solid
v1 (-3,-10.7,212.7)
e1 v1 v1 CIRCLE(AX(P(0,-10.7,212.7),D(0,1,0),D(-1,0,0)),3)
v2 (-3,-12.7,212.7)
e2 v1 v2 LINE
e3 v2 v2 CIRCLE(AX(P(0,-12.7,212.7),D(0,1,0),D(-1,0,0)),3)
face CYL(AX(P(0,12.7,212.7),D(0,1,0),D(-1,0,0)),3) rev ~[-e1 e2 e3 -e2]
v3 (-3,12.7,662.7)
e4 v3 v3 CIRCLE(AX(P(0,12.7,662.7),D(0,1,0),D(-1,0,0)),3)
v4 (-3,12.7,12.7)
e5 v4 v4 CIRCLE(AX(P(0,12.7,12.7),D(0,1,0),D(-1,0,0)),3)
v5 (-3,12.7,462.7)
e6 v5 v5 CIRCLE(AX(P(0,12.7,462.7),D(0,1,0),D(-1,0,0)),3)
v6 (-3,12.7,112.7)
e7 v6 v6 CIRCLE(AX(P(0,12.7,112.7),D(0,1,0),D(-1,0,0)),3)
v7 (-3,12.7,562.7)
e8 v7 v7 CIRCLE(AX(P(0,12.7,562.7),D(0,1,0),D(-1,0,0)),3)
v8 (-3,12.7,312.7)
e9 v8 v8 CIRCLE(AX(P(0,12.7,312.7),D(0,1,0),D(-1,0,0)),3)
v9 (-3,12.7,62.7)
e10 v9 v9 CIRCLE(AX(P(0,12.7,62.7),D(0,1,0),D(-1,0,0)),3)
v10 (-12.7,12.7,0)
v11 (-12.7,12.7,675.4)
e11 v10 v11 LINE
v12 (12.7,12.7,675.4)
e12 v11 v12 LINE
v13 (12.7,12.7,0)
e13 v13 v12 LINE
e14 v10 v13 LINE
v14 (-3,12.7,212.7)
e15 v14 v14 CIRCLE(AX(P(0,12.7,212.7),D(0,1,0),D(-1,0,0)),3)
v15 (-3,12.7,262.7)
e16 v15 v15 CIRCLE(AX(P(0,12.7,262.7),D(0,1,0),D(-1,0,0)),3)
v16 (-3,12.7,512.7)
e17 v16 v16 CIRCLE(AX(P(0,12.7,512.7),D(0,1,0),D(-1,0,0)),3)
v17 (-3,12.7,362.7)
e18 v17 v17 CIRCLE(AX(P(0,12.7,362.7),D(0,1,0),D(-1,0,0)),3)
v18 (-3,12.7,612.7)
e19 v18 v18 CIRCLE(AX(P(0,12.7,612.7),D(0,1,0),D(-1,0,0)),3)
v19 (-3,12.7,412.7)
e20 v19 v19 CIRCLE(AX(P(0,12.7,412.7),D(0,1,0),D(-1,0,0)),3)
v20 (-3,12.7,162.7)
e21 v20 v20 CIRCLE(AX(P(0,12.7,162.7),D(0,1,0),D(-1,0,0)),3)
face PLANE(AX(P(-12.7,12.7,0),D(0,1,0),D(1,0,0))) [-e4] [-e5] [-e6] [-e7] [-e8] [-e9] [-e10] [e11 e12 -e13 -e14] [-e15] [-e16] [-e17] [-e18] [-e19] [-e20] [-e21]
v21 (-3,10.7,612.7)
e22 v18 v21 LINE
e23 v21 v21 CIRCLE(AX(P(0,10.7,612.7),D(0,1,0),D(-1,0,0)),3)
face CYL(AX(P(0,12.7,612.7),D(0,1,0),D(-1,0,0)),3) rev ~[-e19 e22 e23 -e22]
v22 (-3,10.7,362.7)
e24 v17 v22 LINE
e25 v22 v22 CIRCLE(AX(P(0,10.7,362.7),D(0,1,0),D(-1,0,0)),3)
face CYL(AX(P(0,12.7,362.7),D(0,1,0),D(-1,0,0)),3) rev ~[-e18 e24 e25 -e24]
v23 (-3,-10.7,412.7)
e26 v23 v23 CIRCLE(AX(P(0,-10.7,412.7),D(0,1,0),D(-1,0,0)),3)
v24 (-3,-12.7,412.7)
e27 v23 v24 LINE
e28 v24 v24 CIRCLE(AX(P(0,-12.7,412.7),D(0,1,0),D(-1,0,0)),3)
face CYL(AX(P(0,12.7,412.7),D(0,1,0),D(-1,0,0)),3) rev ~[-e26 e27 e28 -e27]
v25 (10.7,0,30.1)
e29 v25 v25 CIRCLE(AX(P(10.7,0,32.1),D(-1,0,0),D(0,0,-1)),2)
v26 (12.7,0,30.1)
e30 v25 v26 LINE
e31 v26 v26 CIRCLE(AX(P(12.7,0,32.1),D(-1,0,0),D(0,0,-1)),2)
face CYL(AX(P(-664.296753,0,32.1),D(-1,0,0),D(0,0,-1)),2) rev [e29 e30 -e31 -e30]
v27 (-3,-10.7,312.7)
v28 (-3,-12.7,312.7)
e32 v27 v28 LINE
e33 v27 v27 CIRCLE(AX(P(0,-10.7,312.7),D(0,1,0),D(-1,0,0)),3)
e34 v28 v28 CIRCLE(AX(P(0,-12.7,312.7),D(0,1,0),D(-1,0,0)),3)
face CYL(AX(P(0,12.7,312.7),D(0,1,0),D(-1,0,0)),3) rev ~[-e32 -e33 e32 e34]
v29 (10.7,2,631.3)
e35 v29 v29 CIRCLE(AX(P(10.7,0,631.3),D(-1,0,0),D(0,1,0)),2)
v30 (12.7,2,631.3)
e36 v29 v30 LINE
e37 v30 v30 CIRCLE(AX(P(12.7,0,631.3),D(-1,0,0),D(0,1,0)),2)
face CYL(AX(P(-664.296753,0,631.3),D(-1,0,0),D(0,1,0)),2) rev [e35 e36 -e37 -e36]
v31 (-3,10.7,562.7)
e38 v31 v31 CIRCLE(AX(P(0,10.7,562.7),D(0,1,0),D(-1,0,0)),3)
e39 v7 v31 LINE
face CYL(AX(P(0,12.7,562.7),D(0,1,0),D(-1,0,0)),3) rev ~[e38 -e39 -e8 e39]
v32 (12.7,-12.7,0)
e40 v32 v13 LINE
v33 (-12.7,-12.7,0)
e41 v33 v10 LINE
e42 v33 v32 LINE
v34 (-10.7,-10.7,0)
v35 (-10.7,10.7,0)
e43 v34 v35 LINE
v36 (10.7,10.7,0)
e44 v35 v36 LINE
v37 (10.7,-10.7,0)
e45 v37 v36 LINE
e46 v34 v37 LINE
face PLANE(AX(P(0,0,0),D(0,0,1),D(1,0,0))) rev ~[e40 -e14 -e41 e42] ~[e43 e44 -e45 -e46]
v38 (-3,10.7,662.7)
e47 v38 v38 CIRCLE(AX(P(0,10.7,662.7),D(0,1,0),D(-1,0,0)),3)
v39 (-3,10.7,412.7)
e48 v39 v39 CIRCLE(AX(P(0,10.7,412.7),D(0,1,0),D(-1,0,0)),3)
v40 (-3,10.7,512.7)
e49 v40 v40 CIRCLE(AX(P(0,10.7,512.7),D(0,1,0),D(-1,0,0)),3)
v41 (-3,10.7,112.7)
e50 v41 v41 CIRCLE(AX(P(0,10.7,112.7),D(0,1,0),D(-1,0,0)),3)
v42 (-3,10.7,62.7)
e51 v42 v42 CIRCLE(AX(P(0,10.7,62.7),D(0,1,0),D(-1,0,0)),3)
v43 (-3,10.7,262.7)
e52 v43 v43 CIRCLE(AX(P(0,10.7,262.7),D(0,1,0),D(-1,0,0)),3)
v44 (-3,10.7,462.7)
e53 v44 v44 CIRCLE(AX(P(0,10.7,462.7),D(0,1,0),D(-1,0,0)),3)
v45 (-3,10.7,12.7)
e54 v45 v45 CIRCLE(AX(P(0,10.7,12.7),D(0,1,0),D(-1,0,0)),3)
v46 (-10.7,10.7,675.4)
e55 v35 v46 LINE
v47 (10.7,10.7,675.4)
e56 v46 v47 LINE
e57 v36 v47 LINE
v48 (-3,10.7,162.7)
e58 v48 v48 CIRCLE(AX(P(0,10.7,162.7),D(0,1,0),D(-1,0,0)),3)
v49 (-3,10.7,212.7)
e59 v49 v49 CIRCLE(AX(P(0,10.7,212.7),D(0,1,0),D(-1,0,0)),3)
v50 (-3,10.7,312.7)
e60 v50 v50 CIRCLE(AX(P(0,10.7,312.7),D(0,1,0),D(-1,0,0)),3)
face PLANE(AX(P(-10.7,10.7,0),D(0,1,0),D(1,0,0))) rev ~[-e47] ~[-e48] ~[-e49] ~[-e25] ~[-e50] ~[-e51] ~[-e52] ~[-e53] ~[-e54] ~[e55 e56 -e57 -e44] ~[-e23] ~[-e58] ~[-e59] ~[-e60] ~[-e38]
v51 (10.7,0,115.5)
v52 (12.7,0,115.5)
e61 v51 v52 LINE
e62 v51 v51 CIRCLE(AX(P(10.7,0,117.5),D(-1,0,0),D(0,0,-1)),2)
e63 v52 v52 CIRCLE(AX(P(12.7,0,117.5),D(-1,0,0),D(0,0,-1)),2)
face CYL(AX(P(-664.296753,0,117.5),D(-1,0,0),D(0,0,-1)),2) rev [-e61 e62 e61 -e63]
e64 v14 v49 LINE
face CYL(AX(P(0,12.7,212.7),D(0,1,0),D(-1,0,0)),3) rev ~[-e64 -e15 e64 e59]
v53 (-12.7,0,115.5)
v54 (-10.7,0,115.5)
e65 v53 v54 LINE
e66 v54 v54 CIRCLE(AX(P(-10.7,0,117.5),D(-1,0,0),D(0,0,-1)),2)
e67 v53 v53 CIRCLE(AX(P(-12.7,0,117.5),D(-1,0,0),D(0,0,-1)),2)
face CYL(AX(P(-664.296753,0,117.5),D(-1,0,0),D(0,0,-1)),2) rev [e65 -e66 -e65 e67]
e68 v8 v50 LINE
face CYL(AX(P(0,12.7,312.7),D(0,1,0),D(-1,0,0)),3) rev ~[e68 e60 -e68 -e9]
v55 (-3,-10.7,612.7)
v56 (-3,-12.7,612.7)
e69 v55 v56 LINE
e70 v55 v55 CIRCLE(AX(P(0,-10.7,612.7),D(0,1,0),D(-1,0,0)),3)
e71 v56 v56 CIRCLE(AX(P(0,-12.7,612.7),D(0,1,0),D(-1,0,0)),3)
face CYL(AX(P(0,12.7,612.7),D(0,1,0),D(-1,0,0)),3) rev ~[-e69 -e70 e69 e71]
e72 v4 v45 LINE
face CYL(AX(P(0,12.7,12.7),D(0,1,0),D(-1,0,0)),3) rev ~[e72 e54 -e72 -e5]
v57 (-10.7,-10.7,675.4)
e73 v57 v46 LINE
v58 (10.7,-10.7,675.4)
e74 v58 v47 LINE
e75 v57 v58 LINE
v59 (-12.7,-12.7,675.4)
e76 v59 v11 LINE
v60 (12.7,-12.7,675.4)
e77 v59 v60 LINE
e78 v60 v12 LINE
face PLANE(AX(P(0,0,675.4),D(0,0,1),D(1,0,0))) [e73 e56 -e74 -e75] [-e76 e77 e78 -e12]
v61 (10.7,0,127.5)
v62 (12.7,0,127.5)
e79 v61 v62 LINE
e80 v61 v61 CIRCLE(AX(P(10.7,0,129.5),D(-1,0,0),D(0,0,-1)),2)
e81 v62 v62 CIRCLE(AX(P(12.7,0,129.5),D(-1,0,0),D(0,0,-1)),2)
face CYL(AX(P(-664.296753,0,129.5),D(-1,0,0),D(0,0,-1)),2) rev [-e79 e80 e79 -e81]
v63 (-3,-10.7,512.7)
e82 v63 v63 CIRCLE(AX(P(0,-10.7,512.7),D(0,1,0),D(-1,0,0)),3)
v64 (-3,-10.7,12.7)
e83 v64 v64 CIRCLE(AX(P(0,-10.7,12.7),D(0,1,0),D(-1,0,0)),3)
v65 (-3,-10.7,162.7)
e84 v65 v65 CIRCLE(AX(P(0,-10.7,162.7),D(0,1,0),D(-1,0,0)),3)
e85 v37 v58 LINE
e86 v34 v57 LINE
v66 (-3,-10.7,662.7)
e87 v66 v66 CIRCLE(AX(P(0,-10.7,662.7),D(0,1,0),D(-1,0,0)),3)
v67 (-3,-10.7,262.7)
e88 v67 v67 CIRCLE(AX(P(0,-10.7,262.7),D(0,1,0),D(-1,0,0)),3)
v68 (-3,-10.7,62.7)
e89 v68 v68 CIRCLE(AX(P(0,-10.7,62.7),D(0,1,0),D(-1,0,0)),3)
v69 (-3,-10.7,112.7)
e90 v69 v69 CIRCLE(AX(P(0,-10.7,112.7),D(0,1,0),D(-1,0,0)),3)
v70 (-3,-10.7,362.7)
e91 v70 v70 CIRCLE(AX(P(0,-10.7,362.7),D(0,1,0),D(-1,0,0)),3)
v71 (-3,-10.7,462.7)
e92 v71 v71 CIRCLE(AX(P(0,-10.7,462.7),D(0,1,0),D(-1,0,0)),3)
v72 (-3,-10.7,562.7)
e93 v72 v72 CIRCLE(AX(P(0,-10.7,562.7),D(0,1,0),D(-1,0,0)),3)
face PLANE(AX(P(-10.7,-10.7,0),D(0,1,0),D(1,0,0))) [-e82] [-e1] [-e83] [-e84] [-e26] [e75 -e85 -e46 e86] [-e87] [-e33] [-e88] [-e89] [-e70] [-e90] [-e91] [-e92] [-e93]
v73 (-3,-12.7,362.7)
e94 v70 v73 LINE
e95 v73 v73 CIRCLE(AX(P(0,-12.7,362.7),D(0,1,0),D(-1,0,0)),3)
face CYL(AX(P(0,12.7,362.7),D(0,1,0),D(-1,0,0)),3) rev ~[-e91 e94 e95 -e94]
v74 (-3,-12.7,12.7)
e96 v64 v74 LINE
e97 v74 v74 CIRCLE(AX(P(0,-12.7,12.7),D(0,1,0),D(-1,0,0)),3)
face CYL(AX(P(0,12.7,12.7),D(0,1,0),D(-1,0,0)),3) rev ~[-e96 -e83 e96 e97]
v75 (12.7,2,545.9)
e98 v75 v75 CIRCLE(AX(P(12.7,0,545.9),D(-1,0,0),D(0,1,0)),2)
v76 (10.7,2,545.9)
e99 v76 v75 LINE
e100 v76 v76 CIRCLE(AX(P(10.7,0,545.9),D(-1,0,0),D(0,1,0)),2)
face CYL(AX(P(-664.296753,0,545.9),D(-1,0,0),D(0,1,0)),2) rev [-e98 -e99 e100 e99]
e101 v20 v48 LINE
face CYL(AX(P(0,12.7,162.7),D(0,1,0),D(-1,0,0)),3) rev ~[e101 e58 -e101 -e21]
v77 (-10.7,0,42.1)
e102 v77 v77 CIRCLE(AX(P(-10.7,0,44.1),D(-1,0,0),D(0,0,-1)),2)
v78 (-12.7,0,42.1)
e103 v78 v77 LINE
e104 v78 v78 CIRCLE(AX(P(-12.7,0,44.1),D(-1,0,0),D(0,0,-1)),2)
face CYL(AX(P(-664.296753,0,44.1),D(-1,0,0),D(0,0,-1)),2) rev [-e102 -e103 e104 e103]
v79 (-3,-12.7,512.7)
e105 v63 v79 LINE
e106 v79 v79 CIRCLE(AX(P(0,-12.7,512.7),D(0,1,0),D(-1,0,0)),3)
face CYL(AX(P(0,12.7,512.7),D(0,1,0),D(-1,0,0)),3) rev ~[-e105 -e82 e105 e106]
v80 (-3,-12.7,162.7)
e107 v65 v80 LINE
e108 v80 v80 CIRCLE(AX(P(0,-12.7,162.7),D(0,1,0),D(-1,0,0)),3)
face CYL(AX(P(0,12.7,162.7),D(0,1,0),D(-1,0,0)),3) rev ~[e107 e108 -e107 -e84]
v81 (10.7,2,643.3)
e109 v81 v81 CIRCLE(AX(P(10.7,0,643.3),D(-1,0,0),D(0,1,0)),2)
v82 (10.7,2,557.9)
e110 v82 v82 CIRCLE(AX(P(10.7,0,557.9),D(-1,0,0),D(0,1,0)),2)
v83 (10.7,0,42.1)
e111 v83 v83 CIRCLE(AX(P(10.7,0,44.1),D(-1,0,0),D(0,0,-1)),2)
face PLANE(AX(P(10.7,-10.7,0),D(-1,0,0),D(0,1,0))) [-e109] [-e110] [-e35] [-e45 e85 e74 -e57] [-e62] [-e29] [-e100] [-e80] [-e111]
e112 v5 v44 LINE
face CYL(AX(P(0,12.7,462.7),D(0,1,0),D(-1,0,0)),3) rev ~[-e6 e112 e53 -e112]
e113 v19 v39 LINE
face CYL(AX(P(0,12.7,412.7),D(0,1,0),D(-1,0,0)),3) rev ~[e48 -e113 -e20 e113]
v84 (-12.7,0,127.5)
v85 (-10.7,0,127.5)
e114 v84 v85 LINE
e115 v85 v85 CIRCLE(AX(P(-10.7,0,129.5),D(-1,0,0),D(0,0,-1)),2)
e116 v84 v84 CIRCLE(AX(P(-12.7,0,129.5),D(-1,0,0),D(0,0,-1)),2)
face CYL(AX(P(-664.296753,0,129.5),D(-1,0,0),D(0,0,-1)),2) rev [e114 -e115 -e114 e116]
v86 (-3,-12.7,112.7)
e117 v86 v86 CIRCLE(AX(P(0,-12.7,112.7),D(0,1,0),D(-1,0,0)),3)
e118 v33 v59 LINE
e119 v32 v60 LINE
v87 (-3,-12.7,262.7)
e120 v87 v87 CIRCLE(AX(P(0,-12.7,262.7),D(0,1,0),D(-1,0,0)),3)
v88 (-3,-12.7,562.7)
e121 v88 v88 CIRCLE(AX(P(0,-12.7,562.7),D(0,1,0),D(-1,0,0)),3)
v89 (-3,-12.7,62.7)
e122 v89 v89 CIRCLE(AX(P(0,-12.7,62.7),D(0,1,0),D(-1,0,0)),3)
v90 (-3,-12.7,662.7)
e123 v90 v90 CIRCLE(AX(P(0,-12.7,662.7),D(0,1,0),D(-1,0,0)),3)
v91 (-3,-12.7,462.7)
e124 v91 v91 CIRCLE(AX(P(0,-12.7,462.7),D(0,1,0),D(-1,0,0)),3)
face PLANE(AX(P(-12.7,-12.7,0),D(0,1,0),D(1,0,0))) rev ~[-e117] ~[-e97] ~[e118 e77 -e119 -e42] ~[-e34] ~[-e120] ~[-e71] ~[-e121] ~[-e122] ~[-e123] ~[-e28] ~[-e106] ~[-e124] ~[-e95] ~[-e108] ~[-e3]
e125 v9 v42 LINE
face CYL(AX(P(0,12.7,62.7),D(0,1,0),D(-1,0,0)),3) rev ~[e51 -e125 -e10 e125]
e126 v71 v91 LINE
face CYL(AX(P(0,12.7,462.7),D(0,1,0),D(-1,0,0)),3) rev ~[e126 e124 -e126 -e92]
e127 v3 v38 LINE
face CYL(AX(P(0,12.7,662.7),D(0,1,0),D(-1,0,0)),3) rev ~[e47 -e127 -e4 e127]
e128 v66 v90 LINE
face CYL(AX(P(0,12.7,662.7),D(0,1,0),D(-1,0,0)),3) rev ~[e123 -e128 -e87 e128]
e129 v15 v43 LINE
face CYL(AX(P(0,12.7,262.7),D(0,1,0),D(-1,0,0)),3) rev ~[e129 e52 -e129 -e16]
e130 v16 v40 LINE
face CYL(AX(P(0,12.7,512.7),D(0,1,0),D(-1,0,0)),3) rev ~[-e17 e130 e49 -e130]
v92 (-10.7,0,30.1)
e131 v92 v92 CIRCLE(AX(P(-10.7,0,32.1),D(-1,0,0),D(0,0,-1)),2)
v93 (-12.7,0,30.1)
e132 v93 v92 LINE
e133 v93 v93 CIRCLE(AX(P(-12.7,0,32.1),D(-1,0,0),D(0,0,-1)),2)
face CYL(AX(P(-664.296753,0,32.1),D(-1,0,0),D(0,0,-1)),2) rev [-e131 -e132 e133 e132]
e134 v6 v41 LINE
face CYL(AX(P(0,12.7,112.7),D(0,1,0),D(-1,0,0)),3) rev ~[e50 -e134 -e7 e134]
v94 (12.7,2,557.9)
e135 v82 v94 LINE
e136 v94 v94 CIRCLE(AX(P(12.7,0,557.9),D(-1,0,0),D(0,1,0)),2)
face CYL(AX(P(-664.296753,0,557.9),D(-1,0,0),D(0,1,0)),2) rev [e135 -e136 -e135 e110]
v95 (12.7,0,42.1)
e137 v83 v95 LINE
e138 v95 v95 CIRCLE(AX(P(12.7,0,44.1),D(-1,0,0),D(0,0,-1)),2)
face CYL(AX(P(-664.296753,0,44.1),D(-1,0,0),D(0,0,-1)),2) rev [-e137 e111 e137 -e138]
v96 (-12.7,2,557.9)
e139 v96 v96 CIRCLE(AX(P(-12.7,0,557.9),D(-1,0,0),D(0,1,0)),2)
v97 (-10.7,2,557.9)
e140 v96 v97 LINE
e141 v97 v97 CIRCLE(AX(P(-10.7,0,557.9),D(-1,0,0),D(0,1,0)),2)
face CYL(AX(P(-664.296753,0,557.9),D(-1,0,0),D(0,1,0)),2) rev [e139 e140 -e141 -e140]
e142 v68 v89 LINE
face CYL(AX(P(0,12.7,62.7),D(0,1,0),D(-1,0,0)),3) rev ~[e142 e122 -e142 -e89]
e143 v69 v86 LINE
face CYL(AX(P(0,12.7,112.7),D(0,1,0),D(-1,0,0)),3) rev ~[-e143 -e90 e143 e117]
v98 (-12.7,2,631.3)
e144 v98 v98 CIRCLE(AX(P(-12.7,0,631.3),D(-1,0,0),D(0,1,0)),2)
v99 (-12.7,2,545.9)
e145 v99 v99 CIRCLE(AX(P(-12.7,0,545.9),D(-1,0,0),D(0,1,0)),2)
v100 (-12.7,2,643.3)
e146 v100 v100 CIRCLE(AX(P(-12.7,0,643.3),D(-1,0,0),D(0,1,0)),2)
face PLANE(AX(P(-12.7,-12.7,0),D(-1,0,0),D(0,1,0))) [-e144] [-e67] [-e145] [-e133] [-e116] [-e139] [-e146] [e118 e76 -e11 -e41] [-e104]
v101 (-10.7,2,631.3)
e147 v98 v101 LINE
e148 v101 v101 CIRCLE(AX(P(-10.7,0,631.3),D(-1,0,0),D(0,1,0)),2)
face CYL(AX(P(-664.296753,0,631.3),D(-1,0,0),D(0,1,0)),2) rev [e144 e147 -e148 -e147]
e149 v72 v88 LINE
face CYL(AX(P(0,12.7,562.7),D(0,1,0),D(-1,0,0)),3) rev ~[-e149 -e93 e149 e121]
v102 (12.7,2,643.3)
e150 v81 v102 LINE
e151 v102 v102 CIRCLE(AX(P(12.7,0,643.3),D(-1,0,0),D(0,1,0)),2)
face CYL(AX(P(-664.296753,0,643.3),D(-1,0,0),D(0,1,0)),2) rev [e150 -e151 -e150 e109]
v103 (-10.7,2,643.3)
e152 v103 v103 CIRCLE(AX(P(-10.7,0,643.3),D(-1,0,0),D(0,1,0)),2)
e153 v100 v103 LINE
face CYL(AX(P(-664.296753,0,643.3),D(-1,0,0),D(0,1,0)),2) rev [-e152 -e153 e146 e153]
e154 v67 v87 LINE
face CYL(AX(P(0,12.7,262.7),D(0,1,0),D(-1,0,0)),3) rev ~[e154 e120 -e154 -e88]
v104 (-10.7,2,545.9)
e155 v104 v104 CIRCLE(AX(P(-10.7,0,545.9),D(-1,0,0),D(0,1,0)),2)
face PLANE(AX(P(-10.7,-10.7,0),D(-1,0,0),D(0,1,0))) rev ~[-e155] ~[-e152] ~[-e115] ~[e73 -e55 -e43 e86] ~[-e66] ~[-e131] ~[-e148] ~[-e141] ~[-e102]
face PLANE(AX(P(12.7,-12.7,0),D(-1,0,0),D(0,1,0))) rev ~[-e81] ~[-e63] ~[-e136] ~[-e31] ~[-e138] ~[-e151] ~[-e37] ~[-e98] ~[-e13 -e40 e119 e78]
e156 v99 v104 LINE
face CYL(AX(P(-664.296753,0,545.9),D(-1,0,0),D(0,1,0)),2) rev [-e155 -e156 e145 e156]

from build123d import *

# Parameters (mm, degrees)
SKETCH1_W               = 25.4
SKETCH1_H               = 25.4
SKETCH1_W_2             = 21.4
SKETCH1_H_2             = 21.4
BOSS_EXTRUDE1_DEPTH     = 675.4
SKETCH3_R               = 3
CUT_EXTRUDE1_DEPTH      = 650
CUT_EXTRUDE2_DEPTH      = 676.996752951
CUT_EXTRUDE2_DEPTH_BACK = 676.996752951
SKETCH4_R               = 2


with BuildPart() as part:
    # Sketch1 → Boss-Extrude1 (new body)
    with BuildSketch(Plane.XY):
        Rectangle(SKETCH1_W, SKETCH1_H)
        Rectangle(SKETCH1_W_2, SKETCH1_H_2, mode=Mode.SUBTRACT)
    extrude(amount=BOSS_EXTRUDE1_DEPTH)

    # Sketch3 → Cut-Extrude1 (cut)
    with BuildSketch(Plane(origin=(0, 12.7, 0), x_dir=(1, 0, 0), z_dir=(0, 1, 0))):
        with Locations(Location((0, -662.7, 0), (0, 0, 180))):
            Circle(SKETCH3_R)
        with Locations(Location((0, -612.7, 0), (0, 0, 180))):
            Circle(SKETCH3_R)
        with Locations(Location((0, -562.7, 0), (0, 0, 180))):
            Circle(SKETCH3_R)
        with Locations(Location((0, -512.7, 0), (0, 0, 180))):
            Circle(SKETCH3_R)
        with Locations(Location((0, -462.7, 0), (0, 0, 180))):
            Circle(SKETCH3_R)
        with Locations(Location((0, -412.7, 0), (0, 0, 180))):
            Circle(SKETCH3_R)
        with Locations(Location((0, -362.7, 0), (0, 0, 180))):
            Circle(SKETCH3_R)
        with Locations(Location((0, -312.7, 0), (0, 0, 180))):
            Circle(SKETCH3_R)
        with Locations(Location((0, -262.7, 0), (0, 0, 180))):
            Circle(SKETCH3_R)
        with Locations(Location((0, -212.7, 0), (0, 0, 180))):
            Circle(SKETCH3_R)
        with Locations(Location((0, -162.7, 0), (0, 0, 180))):
            Circle(SKETCH3_R)
        with Locations(Location((0, -112.7, 0), (0, 0, 180))):
            Circle(SKETCH3_R)
        with Locations(Location((0, -62.7, 0), (0, 0, 180))):
            Circle(SKETCH3_R)
        with Locations(Location((0, -12.7, 0), (0, 0, 180))):
            Circle(SKETCH3_R)
    extrude(amount=-CUT_EXTRUDE1_DEPTH, mode=Mode.SUBTRACT)

    # Sketch4 → Cut-Extrude2 (cut, two sides: drawn at the far end of the back side and taken through both)
    with BuildSketch(Plane(origin=(12.7, 0, 0), x_dir=(0, 0, -1), z_dir=(1, 0, 0)).offset(-CUT_EXTRUDE2_DEPTH_BACK)):
        with Locations((-44.1, 0)):
            Circle(SKETCH4_R)
        with Locations((-32.1, 0)):
            Circle(SKETCH4_R)
        with Locations((-117.5, 0)):
            Circle(SKETCH4_R)
        with Locations((-129.5, 0)):
            Circle(SKETCH4_R)
        with Locations(Location((-643.3, 0, 0), (0, 0, 90))):
            Circle(SKETCH4_R)
        with Locations(Location((-631.3, 0, 0), (0, 0, 90))):
            Circle(SKETCH4_R)
        with Locations(Location((-557.9, 0, 0), (0, 0, 90))):
            Circle(SKETCH4_R)
        with Locations(Location((-545.9, 0, 0), (0, 0, 90))):
            Circle(SKETCH4_R)
    extrude(amount=CUT_EXTRUDE2_DEPTH + CUT_EXTRUDE2_DEPTH_BACK, mode=Mode.SUBTRACT)


solid = part.part
